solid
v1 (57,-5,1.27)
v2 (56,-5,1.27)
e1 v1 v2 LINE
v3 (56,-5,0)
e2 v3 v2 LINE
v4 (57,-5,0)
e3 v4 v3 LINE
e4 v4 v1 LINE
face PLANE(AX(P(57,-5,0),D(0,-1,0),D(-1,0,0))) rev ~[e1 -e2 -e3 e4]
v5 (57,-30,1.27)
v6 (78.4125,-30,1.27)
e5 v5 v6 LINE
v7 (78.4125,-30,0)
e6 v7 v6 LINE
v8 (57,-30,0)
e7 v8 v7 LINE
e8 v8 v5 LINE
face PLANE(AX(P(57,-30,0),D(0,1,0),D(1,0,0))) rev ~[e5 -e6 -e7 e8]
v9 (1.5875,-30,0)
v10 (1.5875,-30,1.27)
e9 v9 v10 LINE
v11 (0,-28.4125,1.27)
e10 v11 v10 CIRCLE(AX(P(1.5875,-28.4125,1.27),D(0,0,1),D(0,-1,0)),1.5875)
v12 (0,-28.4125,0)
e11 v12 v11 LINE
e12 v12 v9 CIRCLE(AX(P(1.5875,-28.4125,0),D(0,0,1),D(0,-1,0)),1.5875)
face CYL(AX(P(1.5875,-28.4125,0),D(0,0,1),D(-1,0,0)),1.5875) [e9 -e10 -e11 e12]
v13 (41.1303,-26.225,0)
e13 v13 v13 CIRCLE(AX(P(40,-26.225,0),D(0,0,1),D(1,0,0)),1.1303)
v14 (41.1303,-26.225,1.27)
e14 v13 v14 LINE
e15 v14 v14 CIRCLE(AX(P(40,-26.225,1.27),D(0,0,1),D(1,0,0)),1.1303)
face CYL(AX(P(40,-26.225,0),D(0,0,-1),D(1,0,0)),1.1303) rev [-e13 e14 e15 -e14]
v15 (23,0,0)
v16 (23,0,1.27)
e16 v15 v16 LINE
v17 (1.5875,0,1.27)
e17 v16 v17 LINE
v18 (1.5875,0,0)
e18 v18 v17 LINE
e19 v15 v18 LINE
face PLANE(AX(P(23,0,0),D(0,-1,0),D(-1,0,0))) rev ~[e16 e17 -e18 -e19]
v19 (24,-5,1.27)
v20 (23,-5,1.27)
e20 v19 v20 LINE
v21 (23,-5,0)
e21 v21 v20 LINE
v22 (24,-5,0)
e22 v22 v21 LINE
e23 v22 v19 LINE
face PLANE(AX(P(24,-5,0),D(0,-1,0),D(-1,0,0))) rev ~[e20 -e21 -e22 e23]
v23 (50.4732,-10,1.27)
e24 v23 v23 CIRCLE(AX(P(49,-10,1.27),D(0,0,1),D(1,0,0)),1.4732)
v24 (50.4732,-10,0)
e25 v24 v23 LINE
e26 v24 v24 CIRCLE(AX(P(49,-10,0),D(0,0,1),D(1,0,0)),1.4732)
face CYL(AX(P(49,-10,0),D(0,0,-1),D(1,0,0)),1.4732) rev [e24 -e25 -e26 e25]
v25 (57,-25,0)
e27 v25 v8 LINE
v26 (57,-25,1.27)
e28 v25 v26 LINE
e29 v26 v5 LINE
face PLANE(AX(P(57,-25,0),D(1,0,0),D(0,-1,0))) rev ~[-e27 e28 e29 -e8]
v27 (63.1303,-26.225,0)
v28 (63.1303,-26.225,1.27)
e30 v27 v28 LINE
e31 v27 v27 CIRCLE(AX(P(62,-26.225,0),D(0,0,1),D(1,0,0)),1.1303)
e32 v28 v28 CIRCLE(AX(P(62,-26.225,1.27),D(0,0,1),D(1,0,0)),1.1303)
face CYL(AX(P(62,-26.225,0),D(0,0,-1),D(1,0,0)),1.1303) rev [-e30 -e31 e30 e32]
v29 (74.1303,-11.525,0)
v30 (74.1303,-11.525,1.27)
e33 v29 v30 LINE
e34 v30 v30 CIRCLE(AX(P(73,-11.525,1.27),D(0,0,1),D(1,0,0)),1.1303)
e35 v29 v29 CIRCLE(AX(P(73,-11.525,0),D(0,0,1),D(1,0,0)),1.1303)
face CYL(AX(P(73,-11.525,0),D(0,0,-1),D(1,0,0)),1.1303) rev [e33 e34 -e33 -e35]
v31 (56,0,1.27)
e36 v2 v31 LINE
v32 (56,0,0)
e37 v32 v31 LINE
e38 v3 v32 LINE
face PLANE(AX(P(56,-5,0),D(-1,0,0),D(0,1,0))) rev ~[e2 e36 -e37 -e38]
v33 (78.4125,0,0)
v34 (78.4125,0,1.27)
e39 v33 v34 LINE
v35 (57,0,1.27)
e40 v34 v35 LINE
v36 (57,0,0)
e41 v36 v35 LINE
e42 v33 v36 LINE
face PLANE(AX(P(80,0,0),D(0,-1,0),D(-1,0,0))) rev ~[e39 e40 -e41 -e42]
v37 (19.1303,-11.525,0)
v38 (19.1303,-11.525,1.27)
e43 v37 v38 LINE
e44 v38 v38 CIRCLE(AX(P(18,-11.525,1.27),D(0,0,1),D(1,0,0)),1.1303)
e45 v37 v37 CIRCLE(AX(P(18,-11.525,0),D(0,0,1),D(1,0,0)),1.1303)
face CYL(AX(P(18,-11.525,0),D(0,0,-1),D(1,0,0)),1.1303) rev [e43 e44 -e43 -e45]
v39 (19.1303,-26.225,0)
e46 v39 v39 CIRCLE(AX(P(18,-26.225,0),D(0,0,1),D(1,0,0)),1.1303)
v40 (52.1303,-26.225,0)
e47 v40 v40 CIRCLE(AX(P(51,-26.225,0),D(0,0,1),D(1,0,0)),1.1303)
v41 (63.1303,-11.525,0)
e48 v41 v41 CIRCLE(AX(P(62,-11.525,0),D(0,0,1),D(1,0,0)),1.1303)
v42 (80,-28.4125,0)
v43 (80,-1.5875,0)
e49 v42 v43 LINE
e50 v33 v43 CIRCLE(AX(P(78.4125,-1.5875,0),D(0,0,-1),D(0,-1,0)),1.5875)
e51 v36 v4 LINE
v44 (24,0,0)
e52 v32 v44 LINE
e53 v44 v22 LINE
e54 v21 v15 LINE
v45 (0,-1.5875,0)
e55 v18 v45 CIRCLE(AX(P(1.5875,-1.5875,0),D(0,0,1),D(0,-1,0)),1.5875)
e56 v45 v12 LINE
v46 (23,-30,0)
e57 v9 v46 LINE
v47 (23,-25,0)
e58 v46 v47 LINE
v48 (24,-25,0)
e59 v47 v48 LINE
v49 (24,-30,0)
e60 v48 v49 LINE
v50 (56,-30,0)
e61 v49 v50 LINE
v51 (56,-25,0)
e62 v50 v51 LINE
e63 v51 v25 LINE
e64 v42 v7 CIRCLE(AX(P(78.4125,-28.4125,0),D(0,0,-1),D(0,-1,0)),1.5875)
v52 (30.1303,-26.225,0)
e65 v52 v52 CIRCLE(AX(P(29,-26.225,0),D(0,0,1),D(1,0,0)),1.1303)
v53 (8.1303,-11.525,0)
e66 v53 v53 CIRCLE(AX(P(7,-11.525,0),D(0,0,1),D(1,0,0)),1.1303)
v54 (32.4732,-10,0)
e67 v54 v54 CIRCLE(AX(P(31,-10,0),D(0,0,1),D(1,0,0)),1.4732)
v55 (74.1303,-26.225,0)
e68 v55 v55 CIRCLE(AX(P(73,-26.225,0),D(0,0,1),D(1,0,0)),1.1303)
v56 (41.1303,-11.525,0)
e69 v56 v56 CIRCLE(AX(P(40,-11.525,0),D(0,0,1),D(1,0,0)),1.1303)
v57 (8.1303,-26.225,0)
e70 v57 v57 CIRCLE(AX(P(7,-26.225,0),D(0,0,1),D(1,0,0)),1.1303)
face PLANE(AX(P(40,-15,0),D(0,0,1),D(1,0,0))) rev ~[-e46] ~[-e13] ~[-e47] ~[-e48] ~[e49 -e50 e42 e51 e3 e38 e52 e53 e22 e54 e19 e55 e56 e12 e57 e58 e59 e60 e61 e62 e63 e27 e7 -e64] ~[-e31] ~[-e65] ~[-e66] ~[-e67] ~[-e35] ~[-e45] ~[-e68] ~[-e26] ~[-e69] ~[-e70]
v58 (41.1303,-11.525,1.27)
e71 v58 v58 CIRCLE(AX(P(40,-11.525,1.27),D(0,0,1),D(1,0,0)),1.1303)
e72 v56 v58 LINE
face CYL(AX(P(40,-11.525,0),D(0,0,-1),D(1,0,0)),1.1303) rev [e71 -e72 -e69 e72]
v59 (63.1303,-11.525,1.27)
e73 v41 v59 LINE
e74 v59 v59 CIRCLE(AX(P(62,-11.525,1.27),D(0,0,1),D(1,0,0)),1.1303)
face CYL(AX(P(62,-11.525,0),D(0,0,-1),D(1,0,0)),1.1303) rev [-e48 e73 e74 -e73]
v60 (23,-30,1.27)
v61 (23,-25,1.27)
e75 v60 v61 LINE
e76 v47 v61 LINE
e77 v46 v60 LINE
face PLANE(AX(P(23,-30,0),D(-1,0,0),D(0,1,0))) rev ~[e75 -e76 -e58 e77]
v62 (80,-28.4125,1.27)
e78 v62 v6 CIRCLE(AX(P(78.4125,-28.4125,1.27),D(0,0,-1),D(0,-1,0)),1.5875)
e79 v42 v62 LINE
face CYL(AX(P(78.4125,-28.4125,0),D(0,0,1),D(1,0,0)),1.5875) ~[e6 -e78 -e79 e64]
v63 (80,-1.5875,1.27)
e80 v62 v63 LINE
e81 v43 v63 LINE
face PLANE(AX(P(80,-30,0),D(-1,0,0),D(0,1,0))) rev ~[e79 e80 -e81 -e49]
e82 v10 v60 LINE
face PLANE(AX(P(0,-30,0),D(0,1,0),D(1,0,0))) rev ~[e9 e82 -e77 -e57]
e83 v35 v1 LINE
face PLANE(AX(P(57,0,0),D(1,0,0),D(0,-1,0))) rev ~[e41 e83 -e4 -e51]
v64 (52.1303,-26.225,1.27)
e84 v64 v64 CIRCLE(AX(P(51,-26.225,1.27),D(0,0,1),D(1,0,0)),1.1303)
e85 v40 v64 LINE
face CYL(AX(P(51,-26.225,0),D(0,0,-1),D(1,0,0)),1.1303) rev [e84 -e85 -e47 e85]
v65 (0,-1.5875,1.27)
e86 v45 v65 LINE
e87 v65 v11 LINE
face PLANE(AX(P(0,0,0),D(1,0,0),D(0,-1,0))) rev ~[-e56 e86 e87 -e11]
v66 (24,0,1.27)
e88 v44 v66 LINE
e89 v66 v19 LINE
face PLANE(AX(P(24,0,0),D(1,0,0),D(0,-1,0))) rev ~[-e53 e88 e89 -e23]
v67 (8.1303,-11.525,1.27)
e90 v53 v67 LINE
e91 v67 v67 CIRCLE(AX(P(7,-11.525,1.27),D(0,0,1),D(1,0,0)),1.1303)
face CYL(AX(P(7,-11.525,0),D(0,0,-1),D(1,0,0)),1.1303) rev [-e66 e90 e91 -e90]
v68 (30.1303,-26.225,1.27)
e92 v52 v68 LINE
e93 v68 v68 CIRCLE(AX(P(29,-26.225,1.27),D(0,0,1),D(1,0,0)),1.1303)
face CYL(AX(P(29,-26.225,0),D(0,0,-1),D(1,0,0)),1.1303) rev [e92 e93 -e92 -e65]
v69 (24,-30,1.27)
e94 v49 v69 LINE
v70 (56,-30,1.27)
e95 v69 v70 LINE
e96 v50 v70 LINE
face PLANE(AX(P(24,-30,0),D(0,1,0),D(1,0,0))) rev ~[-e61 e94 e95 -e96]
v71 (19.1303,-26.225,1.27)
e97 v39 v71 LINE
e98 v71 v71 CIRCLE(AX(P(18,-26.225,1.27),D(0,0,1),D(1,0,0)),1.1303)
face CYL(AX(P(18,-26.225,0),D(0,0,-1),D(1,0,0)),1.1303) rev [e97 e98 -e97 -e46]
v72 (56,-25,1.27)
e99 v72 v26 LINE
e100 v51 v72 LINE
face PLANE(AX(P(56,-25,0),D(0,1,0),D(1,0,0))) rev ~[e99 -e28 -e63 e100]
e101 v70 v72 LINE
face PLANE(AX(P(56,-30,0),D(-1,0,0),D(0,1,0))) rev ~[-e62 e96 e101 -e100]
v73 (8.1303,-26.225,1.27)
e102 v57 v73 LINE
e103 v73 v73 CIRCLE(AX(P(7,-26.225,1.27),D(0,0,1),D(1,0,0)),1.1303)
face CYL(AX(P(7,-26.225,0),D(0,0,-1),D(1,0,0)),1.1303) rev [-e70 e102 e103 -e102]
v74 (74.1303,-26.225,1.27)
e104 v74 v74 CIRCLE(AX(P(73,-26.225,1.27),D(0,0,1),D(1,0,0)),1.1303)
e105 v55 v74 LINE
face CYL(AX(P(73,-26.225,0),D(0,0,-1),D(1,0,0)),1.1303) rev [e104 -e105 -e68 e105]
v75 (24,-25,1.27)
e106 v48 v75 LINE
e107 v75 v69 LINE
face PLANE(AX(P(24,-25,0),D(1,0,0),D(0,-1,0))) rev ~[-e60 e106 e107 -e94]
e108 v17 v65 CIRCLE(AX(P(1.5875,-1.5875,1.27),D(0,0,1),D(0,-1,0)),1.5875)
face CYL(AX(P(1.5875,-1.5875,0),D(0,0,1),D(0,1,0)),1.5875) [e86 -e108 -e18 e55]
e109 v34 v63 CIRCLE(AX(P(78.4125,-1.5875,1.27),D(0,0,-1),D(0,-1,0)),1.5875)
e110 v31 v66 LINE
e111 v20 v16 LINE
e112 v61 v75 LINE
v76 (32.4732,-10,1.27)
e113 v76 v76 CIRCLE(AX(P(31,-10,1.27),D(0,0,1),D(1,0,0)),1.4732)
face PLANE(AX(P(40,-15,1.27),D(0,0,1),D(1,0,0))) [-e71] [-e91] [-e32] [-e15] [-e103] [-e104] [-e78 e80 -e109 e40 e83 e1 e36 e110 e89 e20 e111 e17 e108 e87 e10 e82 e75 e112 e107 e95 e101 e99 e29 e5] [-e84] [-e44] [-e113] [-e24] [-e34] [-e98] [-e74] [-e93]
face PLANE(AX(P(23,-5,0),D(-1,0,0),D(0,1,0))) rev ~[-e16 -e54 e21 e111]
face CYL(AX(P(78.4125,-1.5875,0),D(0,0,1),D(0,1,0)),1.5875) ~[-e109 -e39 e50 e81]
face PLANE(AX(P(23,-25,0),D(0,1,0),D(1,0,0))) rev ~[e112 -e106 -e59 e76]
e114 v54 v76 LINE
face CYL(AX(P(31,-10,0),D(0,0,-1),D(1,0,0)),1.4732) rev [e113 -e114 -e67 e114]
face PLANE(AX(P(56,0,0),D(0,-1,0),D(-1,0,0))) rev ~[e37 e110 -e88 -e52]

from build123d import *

# Parameters (mm, degrees)
SKETCH1_R           = 1.1303
SKETCH1_R_2         = 1.4732
BOSS_EXTRUDE1_DEPTH = 1.27
FILLET1_R           = 1.5875


with BuildPart() as part:
    # Sketch1 → Boss-Extrude1 (new body)
    with BuildSketch(Plane.XY):
        Polygon((23, 0), (0, 0), (0, -30), (23, -30), (23, -25), (24, -25), (24, -30), (56, -30), (56, -25), (57, -25), (57, -30), (80, -30), (80, 0), (57, 0), (57, -5), (56, -5), (56, 0), (24, 0), (24, -5), (23, -5), align=None)
        with Locations((7, -26.225)):
            Circle(SKETCH1_R, mode=Mode.SUBTRACT)
        with Locations((18, -26.225)):
            Circle(SKETCH1_R, mode=Mode.SUBTRACT)
        with Locations((29, -26.225)):
            Circle(SKETCH1_R, mode=Mode.SUBTRACT)
        with Locations((40, -26.225)):
            Circle(SKETCH1_R, mode=Mode.SUBTRACT)
        with Locations((51, -26.225)):
            Circle(SKETCH1_R, mode=Mode.SUBTRACT)
        with Locations((62, -26.225)):
            Circle(SKETCH1_R, mode=Mode.SUBTRACT)
        with Locations((73, -26.225)):
            Circle(SKETCH1_R, mode=Mode.SUBTRACT)
        with Locations((7, -11.525)):
            Circle(SKETCH1_R, mode=Mode.SUBTRACT)
        with Locations((18, -11.525)):
            Circle(SKETCH1_R, mode=Mode.SUBTRACT)
        with Locations((31, -10)):
            Circle(SKETCH1_R_2, mode=Mode.SUBTRACT)
        with Locations((40, -11.525)):
            Circle(SKETCH1_R, mode=Mode.SUBTRACT)
        with Locations((49, -10)):
            Circle(SKETCH1_R_2, mode=Mode.SUBTRACT)
        with Locations((62, -11.525)):
            Circle(SKETCH1_R, mode=Mode.SUBTRACT)
        with Locations((73, -11.525)):
            Circle(SKETCH1_R, mode=Mode.SUBTRACT)
    extrude(amount=BOSS_EXTRUDE1_DEPTH)

    # Fillet1
    fillet1_edges = [part.edges().sort_by_distance(p)[0] for p in [
        (0, -30, 0.635),
        (0, 0, 0.635),
        (80, 0, 0.635),
        (80, -30, 0.635),
    ]]
    fillet(fillet1_edges, radius=FILLET1_R)


solid = part.part
